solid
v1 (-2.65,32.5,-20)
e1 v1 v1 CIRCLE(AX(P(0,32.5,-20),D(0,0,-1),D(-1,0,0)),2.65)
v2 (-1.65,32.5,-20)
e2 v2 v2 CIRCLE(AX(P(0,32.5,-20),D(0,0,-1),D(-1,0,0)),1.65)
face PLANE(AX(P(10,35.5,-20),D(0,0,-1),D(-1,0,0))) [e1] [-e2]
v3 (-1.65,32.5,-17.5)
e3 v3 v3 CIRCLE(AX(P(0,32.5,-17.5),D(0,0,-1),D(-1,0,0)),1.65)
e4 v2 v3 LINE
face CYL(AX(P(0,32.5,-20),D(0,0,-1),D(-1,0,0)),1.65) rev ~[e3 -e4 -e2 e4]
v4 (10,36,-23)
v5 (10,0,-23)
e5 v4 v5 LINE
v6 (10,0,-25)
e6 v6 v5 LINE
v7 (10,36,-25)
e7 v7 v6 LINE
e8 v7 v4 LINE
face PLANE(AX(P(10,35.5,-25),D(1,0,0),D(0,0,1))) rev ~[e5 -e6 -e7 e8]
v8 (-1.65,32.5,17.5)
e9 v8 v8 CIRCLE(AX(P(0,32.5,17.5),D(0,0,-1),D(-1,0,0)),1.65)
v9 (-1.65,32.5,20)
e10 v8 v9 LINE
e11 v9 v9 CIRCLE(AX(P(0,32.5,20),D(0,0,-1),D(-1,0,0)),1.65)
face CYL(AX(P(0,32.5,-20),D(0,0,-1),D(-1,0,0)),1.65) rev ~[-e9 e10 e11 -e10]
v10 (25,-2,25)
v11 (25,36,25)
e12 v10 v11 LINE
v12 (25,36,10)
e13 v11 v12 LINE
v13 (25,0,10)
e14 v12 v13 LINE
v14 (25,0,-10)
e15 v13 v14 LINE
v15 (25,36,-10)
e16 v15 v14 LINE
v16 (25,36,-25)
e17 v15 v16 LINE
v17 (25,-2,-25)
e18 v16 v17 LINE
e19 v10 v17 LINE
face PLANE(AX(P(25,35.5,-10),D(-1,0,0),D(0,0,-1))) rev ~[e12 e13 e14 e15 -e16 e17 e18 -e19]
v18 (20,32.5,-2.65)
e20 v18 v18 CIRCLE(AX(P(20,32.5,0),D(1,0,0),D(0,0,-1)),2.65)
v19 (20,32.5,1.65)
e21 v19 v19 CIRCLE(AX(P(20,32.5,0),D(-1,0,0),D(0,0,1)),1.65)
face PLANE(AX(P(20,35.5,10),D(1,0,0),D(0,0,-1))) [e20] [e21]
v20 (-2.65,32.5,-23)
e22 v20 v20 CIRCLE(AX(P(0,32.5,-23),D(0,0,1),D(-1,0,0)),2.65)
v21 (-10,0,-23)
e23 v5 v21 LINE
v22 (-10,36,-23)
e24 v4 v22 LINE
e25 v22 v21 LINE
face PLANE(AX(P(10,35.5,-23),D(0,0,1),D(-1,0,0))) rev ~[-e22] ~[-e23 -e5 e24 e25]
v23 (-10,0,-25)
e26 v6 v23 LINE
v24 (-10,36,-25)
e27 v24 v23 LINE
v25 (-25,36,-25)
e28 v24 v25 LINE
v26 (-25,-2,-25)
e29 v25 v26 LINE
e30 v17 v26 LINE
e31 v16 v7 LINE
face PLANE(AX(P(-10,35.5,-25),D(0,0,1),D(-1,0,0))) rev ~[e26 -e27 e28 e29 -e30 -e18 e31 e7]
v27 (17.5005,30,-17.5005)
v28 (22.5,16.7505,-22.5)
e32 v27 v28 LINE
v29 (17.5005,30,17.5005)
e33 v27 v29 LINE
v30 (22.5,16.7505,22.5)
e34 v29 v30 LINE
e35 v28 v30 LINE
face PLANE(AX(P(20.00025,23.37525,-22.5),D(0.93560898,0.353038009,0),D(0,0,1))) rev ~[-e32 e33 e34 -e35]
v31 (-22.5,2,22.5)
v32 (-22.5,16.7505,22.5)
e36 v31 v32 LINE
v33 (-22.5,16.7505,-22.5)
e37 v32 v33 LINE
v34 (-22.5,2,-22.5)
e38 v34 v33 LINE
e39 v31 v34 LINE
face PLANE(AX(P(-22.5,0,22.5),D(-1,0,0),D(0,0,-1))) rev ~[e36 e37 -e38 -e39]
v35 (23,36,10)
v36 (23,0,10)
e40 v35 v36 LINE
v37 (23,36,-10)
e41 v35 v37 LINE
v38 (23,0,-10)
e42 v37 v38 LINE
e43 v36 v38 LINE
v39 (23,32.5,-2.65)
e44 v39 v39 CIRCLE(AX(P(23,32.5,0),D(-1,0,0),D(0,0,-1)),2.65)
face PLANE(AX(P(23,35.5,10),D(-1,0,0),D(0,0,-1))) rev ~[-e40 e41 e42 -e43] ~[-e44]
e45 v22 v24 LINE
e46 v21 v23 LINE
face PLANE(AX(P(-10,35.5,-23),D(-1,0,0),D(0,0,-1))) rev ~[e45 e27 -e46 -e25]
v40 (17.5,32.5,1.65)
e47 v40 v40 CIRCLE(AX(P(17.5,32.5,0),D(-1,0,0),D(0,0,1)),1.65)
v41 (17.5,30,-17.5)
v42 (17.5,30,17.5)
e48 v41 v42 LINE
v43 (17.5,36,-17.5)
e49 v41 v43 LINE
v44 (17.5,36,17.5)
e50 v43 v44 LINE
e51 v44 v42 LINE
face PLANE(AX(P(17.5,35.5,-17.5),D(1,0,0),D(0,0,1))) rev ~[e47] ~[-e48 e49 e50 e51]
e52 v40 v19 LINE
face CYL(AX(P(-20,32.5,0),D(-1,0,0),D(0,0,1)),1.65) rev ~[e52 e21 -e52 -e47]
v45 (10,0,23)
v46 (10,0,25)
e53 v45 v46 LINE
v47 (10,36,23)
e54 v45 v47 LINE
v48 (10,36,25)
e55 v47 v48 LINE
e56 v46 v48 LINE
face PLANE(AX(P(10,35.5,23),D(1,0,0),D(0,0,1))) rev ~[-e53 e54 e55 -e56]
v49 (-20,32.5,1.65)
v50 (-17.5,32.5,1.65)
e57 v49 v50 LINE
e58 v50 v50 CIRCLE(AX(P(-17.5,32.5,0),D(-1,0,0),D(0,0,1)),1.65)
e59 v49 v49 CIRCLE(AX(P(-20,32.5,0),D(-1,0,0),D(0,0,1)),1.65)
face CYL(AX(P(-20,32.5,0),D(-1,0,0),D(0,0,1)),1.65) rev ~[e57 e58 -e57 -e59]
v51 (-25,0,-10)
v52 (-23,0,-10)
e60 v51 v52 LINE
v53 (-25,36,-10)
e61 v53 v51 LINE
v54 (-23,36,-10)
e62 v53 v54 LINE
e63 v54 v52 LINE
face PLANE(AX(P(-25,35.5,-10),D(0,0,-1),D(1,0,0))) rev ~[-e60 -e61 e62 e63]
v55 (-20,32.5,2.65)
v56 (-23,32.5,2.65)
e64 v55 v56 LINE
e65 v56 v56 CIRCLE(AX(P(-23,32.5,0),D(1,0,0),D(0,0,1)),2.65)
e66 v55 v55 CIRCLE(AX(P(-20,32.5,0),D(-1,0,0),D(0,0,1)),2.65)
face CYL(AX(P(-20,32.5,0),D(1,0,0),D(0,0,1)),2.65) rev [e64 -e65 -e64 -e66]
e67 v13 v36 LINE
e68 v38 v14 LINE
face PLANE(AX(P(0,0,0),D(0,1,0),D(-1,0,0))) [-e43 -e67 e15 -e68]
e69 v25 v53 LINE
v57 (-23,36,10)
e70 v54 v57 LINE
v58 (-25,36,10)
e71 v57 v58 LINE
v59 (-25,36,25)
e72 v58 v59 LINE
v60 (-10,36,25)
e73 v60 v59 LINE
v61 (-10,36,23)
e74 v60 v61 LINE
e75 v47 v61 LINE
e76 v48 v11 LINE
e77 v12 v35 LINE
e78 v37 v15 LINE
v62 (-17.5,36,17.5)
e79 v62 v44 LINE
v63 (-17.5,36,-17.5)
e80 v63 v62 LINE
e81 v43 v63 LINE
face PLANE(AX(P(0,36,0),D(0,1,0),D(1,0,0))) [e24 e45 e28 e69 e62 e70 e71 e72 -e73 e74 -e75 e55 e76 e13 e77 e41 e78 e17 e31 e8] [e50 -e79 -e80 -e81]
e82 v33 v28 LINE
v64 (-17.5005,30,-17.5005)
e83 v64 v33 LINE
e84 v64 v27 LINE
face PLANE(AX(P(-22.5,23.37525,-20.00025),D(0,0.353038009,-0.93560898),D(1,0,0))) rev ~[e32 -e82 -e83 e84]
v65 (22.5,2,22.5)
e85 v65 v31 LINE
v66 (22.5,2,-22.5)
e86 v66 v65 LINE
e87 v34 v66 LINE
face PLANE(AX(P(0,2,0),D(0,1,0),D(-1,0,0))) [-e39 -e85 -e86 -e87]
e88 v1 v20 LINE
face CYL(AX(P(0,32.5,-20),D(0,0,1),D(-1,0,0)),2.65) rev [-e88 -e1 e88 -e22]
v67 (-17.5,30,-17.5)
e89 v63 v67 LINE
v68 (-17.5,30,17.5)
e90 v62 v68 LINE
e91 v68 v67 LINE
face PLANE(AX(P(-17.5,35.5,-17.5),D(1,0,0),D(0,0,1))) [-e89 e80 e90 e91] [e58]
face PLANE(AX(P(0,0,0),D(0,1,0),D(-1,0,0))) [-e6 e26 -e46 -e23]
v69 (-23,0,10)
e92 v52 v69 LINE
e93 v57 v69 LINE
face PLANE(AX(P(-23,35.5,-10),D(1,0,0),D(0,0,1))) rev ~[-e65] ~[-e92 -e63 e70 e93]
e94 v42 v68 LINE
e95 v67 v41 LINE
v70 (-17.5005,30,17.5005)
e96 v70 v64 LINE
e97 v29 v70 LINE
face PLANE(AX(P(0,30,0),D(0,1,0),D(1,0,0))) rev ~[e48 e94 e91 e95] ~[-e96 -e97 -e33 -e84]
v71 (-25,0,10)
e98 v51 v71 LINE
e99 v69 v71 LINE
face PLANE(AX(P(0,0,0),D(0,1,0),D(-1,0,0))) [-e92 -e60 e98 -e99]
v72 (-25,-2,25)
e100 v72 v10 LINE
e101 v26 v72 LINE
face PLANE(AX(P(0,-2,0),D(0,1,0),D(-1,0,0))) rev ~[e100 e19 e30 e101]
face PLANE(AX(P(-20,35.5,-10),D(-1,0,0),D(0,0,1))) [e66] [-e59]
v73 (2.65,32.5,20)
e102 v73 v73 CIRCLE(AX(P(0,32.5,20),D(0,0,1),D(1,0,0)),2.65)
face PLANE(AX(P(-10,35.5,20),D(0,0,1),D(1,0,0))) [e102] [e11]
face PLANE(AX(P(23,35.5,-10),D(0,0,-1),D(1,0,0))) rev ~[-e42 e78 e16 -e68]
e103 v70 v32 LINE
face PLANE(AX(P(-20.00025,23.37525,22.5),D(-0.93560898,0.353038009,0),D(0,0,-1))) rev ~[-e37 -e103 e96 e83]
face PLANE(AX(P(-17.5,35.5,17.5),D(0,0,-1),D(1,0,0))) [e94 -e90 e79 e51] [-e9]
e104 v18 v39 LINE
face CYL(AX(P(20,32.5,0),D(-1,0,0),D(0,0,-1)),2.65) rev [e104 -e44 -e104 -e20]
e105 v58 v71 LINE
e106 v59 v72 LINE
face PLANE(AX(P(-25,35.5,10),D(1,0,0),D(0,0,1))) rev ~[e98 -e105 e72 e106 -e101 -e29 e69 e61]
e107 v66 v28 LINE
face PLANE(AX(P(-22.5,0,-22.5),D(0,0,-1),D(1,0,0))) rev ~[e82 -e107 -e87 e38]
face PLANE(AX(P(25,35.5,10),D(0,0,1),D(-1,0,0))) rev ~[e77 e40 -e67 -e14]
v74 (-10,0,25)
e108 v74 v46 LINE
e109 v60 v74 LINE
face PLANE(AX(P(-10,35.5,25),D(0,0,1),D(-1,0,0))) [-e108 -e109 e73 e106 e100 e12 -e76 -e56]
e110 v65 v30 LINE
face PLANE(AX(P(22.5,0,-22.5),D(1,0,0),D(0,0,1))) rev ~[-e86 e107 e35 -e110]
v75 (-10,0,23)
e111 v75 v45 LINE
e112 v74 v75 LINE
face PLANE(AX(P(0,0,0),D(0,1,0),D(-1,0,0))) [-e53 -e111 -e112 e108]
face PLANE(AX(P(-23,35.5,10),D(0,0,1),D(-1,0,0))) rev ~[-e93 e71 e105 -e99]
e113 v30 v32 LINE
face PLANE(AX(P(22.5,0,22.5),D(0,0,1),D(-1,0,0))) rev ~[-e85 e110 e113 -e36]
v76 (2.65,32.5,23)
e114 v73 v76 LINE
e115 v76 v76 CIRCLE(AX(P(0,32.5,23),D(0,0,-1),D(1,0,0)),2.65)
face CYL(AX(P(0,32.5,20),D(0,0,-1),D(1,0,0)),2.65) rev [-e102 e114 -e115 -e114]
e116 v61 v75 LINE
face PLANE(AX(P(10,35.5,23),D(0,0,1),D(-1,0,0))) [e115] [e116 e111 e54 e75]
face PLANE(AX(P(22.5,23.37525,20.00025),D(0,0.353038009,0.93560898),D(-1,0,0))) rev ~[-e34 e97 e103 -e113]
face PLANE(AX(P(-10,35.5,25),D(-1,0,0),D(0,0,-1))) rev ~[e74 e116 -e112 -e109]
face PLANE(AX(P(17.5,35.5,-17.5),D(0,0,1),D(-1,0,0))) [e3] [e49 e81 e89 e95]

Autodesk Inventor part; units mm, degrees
ref_plane "YZ Plane" through (0, 0, 0) normal (1, 0, 0) x (0, 1, 0)
ref_plane "XZ Plane" through (0, 0, 0) normal (0, 1, 0) x (-1, 0, 0)
sketch "Sketch1" plane through (0, 0, 0) normal (0, 1, 0) x (-1, 0, 0)
  line L0 (25, 25) -> (-25, 25)
  line L1 (-25, 25) -> (-25, -25)
  line L2 (-25, -25) -> (25, -25)
  line L3 (25, -25) -> (25, 25)
  line L4 (25, 25) -> (-25, -25) construction
  line L5 (-25, 25) -> (25, -25) construction
  line L6 (-22.5, 22.5) -> (22.5, 22.5)
  line L7 (22.5, 22.5) -> (22.5, -22.5)
  line L8 (22.5, -22.5) -> (-22.5, -22.5)
  line L9 (-22.5, -22.5) -> (-22.5, 22.5)
  line L10 (-22.5, 22.5) -> (22.5, -22.5) construction
  line L11 (22.5, 22.5) -> (-22.5, -22.5) construction
  point P0 (0, 0)
  dimension "d0" = 50
  dimension "d1" = 50
  dimension "d2" = 45
  dimension "d3" = 45
extrude "Extrusion1" add sketch "Sketch1" along normal blind 30
extrude "Extrusion2" add sketch "Sketch1" along normal blind 2 contours L6 L7 L8 L9
sketch "Sketch2" plane through (0, 30, 0) normal (0, 1, 0) x (1, 0, 0)
  point P0 (0, 0)
sketch "Sketch3" plane through (0, 30, 0) normal (0, 1, 0) x (1, 0, 0)
  line L0 (17.5, -17.5) -> (-17.5, -17.5)
  line L1 (-17.5, -17.5) -> (-17.5, 17.5)
  line L2 (-17.5, 17.5) -> (17.5, 17.5)
  line L3 (17.5, 17.5) -> (17.5, -17.5)
  line L4 (17.5, -17.5) -> (-17.5, 17.5) construction
  line L5 (-17.5, -17.5) -> (17.5, 17.5) construction
  line L6 (-25, 25) -> (-25, -25) projected
  line L7 (25, -25) -> (-25, -25)
  line L8 (-25, -25) -> (-25, 25)
  line L9 (-25, 25) -> (25, 25)
  line L10 (25, 25) -> (25, -25)
  line L11 (25, -25) -> (-25, 25) construction
  line L12 (-25, -25) -> (25, 25) construction
  point P0 (0, 0)
  dimension "d8" = 35
  dimension "d9" = 35
extrude "Extrusion3" add sketch "Sketch3" along normal blind 5.5
ref_plane "Work Plane1" through (0, 17.75, 0) normal (0, 1, 0) x (1, 0, 0)
chamfer "Chamfer1" distance 5 distance2 13.25 4 edges at (22.5, 30, 0) (0, 30, -22.5) (-22.5, 30, 0) (0, 30, 22.5) measured on face at (-5.8333, 30, 20.8333)
sketch "Sketch5" plane through (0, 35.5, 0) normal (0, 1, 0) x (1, 0, 0)
  point P0 (0, 0)
sketch "Sketch6" plane through (-17.5, 35.5, -17.5) normal (0, 0, 1) x (1, 0, 0)
  circle A0 centre (17.5, -3) radius 1.5
  line L0 (0, 0) -> (35, 0) projected
  point P0 (17.5, -35.5)
  point P1 (17.5, 0)
  dimension "d21" = 3
  dimension "d30" = 3
extrude "Extrusion5" cut sketch "Sketch6" against normal through all
sketch "Sketch7" plane through (0, 35.5, 0) normal (0, 1, 0) x (1, 0, 0)
  line L0 (25, 25) -> (-25, 25) projected
  line L1 (10, 25) -> (0, 25)
  line L2 (10, 25) -> (-10, 25)
  line L3 (-10, 25) -> (10, 25)
  line L4 (10, 25) -> (10, 23)
  line L5 (10, 23) -> (-10, 23)
  line L6 (-10, 23) -> (-10, 25)
  point P0 (0, 0)
  dimension "d24" = 20
  dimension "d25" = 2
extrude "Extrusion6" cut sketch "Sketch7" against normal through all
sketch "Sketch9" plane through (10, 35.5, -23) normal (0, 0, -1) x (-1, 0, 0)
  circle A0 centre (10, -3) radius 1.5 projected
  circle A1 centre (10, -3) radius 2.5
  point P0 (10, -35.5)
  dimension "d37" = 3
extrude "Extrusion7" cut sketch "Sketch9" against normal blind 3
pattern_circular "Circular Pattern2" count 4 over 360 about axis through (0, -10, 0) along (0, 1, 0) of "Extrusion7", "Extrusion6", "Extrusion5"
sketch "Sketch11" plane through (0, 32.5, -20) normal (0, 0, -1) x (-1, 0, 0)
  circle A0 centre (0, 0) radius 1.65
  circle A1 centre (0, 0) radius 2.65
  point P0 (0, -32.5)
  dimension "d38" = 3.3
  dimension "d39" = 5.3
extrude "Extrusion9" cut sketch "Sketch11" against normal through all contours A0
extrude "Extrusion10" cut sketch "Sketch11" along normal blind 4
sketch "Sketch12" plane through (0, 32.5, 20) normal (0, 0, 1) x (1, 0, 0)
  circle A0 centre (0, 0) radius 2.65
  point P0 (0, -32.5)
  dimension "d44" = 5.3
extrude "Extrusion11" cut sketch "Sketch12" along normal blind 9
sketch "Sketch13" plane through (-20, 32.5, 0) normal (-1, 0, 0) x (0, 0, 1)
  circle A0 centre (0, 0) radius 1.65
  circle A1 centre (0, 0) radius 2.65
  point P0 (0, -32.5)
  dimension "d47" = 3.3
  dimension "d48" = 5.3
extrude "Extrusion12" cut sketch "Sketch13" against normal through all contours A0
extrude "Extrusion13" cut sketch "Sketch13" along normal blind 9 contours A0 | A1
sketch "Sketch14" plane through (20, 32.5, 0) normal (1, 0, 0) x (0, 0, -1)
  circle A0 centre (0, 0) radius 2.65
  point P0 (0, -32.5)
  dimension "d53" = 5.3
extrude "Extrusion14" cut sketch "Sketch14" along normal blind 8.5
sketch "Sketch15" plane through (0, 35.5, 0) normal (0, 1, 0) x (1, 0, 0)
  line L0 (17.5, 17.5) -> (17.5, -17.5) projected
  line L1 (17.5, -17.5) -> (17.5, 17.5)
  line L2 (17.5, 17.5) -> (-17.5, 17.5)
  line L3 (-17.5, 17.5) -> (-17.5, -17.5)
  line L4 (-17.5, -17.5) -> (17.5, -17.5)
  line L5 (10, -23) -> (-10, -23) projected
  line L6 (10, -23) -> (10, -25)
  line L7 (10, -25) -> (25, -25)
  line L8 (25, -25) -> (25, -10)
  line L9 (23, -10) -> (23, 10) projected
  line L10 (25, -10) -> (23, -10)
  line L11 (23, -10) -> (23, 10)
  line L12 (23, 10) -> (25, 10)
  line L13 (25, 25) -> (10, 25) projected
  line L14 (25, 10) -> (25, 25)
  line L15 (25, 25) -> (10, 25)
  line L16 (10, 23) -> (-10, 23) projected
  line L17 (10, 25) -> (10, 23)
  line L18 (10, 23) -> (-10, 23)
  line L19 (-10, 23) -> (-10, 25)
  line L20 (-10, 25) -> (-25, 25) projected
  line L21 (-10, 25) -> (-25, 25)
  line L22 (-25, 25) -> (-25, 10)
  line L23 (-23, 10) -> (-23, -10) projected
  line L24 (-25, 10) -> (-23, 10)
  line L25 (-23, 10) -> (-23, -10)
  line L26 (-23, -10) -> (-25, -10)
  line L27 (-25, -10) -> (-25, -25)
  line L28 (-10, -23) -> (10, -23)
  line L29 (-10, -25) -> (-10, -23) projected
  line L30 (-10, -23) -> (-10, -25)
  line L31 (-10, -25) -> (-25, -25)
  point P0 (0, 0)
  dimension "d56" = 15
  dimension "d57" = 15
extrude "Extrusion15" add sketch "Sketch15" along normal blind 0.5
extrude "Extrusion16" add sketch "Sketch1" against normal blind 2 contours L3 L2 L1 L0 | L6 L7 L8 L9
sketch "Sketch16" plane through (0, -2, 0) normal (0, -1, 0) x (1, 0, 0)
  line L0 (-15.5086, 20.4473) -> (19.4914, 20.4473) construction
  line L1 (19.4914, 20.4473) -> (19.4914, -17.6327) construction
  line L2 (19.4914, -17.6327) -> (-15.5086, -17.6327) construction
  line L3 (-15.5086, -17.6327) -> (-15.5086, 20.4473) construction
  point P0 (0, 0)
  dimension "d73" = 35
properties part number "Ulepszona wersja"
